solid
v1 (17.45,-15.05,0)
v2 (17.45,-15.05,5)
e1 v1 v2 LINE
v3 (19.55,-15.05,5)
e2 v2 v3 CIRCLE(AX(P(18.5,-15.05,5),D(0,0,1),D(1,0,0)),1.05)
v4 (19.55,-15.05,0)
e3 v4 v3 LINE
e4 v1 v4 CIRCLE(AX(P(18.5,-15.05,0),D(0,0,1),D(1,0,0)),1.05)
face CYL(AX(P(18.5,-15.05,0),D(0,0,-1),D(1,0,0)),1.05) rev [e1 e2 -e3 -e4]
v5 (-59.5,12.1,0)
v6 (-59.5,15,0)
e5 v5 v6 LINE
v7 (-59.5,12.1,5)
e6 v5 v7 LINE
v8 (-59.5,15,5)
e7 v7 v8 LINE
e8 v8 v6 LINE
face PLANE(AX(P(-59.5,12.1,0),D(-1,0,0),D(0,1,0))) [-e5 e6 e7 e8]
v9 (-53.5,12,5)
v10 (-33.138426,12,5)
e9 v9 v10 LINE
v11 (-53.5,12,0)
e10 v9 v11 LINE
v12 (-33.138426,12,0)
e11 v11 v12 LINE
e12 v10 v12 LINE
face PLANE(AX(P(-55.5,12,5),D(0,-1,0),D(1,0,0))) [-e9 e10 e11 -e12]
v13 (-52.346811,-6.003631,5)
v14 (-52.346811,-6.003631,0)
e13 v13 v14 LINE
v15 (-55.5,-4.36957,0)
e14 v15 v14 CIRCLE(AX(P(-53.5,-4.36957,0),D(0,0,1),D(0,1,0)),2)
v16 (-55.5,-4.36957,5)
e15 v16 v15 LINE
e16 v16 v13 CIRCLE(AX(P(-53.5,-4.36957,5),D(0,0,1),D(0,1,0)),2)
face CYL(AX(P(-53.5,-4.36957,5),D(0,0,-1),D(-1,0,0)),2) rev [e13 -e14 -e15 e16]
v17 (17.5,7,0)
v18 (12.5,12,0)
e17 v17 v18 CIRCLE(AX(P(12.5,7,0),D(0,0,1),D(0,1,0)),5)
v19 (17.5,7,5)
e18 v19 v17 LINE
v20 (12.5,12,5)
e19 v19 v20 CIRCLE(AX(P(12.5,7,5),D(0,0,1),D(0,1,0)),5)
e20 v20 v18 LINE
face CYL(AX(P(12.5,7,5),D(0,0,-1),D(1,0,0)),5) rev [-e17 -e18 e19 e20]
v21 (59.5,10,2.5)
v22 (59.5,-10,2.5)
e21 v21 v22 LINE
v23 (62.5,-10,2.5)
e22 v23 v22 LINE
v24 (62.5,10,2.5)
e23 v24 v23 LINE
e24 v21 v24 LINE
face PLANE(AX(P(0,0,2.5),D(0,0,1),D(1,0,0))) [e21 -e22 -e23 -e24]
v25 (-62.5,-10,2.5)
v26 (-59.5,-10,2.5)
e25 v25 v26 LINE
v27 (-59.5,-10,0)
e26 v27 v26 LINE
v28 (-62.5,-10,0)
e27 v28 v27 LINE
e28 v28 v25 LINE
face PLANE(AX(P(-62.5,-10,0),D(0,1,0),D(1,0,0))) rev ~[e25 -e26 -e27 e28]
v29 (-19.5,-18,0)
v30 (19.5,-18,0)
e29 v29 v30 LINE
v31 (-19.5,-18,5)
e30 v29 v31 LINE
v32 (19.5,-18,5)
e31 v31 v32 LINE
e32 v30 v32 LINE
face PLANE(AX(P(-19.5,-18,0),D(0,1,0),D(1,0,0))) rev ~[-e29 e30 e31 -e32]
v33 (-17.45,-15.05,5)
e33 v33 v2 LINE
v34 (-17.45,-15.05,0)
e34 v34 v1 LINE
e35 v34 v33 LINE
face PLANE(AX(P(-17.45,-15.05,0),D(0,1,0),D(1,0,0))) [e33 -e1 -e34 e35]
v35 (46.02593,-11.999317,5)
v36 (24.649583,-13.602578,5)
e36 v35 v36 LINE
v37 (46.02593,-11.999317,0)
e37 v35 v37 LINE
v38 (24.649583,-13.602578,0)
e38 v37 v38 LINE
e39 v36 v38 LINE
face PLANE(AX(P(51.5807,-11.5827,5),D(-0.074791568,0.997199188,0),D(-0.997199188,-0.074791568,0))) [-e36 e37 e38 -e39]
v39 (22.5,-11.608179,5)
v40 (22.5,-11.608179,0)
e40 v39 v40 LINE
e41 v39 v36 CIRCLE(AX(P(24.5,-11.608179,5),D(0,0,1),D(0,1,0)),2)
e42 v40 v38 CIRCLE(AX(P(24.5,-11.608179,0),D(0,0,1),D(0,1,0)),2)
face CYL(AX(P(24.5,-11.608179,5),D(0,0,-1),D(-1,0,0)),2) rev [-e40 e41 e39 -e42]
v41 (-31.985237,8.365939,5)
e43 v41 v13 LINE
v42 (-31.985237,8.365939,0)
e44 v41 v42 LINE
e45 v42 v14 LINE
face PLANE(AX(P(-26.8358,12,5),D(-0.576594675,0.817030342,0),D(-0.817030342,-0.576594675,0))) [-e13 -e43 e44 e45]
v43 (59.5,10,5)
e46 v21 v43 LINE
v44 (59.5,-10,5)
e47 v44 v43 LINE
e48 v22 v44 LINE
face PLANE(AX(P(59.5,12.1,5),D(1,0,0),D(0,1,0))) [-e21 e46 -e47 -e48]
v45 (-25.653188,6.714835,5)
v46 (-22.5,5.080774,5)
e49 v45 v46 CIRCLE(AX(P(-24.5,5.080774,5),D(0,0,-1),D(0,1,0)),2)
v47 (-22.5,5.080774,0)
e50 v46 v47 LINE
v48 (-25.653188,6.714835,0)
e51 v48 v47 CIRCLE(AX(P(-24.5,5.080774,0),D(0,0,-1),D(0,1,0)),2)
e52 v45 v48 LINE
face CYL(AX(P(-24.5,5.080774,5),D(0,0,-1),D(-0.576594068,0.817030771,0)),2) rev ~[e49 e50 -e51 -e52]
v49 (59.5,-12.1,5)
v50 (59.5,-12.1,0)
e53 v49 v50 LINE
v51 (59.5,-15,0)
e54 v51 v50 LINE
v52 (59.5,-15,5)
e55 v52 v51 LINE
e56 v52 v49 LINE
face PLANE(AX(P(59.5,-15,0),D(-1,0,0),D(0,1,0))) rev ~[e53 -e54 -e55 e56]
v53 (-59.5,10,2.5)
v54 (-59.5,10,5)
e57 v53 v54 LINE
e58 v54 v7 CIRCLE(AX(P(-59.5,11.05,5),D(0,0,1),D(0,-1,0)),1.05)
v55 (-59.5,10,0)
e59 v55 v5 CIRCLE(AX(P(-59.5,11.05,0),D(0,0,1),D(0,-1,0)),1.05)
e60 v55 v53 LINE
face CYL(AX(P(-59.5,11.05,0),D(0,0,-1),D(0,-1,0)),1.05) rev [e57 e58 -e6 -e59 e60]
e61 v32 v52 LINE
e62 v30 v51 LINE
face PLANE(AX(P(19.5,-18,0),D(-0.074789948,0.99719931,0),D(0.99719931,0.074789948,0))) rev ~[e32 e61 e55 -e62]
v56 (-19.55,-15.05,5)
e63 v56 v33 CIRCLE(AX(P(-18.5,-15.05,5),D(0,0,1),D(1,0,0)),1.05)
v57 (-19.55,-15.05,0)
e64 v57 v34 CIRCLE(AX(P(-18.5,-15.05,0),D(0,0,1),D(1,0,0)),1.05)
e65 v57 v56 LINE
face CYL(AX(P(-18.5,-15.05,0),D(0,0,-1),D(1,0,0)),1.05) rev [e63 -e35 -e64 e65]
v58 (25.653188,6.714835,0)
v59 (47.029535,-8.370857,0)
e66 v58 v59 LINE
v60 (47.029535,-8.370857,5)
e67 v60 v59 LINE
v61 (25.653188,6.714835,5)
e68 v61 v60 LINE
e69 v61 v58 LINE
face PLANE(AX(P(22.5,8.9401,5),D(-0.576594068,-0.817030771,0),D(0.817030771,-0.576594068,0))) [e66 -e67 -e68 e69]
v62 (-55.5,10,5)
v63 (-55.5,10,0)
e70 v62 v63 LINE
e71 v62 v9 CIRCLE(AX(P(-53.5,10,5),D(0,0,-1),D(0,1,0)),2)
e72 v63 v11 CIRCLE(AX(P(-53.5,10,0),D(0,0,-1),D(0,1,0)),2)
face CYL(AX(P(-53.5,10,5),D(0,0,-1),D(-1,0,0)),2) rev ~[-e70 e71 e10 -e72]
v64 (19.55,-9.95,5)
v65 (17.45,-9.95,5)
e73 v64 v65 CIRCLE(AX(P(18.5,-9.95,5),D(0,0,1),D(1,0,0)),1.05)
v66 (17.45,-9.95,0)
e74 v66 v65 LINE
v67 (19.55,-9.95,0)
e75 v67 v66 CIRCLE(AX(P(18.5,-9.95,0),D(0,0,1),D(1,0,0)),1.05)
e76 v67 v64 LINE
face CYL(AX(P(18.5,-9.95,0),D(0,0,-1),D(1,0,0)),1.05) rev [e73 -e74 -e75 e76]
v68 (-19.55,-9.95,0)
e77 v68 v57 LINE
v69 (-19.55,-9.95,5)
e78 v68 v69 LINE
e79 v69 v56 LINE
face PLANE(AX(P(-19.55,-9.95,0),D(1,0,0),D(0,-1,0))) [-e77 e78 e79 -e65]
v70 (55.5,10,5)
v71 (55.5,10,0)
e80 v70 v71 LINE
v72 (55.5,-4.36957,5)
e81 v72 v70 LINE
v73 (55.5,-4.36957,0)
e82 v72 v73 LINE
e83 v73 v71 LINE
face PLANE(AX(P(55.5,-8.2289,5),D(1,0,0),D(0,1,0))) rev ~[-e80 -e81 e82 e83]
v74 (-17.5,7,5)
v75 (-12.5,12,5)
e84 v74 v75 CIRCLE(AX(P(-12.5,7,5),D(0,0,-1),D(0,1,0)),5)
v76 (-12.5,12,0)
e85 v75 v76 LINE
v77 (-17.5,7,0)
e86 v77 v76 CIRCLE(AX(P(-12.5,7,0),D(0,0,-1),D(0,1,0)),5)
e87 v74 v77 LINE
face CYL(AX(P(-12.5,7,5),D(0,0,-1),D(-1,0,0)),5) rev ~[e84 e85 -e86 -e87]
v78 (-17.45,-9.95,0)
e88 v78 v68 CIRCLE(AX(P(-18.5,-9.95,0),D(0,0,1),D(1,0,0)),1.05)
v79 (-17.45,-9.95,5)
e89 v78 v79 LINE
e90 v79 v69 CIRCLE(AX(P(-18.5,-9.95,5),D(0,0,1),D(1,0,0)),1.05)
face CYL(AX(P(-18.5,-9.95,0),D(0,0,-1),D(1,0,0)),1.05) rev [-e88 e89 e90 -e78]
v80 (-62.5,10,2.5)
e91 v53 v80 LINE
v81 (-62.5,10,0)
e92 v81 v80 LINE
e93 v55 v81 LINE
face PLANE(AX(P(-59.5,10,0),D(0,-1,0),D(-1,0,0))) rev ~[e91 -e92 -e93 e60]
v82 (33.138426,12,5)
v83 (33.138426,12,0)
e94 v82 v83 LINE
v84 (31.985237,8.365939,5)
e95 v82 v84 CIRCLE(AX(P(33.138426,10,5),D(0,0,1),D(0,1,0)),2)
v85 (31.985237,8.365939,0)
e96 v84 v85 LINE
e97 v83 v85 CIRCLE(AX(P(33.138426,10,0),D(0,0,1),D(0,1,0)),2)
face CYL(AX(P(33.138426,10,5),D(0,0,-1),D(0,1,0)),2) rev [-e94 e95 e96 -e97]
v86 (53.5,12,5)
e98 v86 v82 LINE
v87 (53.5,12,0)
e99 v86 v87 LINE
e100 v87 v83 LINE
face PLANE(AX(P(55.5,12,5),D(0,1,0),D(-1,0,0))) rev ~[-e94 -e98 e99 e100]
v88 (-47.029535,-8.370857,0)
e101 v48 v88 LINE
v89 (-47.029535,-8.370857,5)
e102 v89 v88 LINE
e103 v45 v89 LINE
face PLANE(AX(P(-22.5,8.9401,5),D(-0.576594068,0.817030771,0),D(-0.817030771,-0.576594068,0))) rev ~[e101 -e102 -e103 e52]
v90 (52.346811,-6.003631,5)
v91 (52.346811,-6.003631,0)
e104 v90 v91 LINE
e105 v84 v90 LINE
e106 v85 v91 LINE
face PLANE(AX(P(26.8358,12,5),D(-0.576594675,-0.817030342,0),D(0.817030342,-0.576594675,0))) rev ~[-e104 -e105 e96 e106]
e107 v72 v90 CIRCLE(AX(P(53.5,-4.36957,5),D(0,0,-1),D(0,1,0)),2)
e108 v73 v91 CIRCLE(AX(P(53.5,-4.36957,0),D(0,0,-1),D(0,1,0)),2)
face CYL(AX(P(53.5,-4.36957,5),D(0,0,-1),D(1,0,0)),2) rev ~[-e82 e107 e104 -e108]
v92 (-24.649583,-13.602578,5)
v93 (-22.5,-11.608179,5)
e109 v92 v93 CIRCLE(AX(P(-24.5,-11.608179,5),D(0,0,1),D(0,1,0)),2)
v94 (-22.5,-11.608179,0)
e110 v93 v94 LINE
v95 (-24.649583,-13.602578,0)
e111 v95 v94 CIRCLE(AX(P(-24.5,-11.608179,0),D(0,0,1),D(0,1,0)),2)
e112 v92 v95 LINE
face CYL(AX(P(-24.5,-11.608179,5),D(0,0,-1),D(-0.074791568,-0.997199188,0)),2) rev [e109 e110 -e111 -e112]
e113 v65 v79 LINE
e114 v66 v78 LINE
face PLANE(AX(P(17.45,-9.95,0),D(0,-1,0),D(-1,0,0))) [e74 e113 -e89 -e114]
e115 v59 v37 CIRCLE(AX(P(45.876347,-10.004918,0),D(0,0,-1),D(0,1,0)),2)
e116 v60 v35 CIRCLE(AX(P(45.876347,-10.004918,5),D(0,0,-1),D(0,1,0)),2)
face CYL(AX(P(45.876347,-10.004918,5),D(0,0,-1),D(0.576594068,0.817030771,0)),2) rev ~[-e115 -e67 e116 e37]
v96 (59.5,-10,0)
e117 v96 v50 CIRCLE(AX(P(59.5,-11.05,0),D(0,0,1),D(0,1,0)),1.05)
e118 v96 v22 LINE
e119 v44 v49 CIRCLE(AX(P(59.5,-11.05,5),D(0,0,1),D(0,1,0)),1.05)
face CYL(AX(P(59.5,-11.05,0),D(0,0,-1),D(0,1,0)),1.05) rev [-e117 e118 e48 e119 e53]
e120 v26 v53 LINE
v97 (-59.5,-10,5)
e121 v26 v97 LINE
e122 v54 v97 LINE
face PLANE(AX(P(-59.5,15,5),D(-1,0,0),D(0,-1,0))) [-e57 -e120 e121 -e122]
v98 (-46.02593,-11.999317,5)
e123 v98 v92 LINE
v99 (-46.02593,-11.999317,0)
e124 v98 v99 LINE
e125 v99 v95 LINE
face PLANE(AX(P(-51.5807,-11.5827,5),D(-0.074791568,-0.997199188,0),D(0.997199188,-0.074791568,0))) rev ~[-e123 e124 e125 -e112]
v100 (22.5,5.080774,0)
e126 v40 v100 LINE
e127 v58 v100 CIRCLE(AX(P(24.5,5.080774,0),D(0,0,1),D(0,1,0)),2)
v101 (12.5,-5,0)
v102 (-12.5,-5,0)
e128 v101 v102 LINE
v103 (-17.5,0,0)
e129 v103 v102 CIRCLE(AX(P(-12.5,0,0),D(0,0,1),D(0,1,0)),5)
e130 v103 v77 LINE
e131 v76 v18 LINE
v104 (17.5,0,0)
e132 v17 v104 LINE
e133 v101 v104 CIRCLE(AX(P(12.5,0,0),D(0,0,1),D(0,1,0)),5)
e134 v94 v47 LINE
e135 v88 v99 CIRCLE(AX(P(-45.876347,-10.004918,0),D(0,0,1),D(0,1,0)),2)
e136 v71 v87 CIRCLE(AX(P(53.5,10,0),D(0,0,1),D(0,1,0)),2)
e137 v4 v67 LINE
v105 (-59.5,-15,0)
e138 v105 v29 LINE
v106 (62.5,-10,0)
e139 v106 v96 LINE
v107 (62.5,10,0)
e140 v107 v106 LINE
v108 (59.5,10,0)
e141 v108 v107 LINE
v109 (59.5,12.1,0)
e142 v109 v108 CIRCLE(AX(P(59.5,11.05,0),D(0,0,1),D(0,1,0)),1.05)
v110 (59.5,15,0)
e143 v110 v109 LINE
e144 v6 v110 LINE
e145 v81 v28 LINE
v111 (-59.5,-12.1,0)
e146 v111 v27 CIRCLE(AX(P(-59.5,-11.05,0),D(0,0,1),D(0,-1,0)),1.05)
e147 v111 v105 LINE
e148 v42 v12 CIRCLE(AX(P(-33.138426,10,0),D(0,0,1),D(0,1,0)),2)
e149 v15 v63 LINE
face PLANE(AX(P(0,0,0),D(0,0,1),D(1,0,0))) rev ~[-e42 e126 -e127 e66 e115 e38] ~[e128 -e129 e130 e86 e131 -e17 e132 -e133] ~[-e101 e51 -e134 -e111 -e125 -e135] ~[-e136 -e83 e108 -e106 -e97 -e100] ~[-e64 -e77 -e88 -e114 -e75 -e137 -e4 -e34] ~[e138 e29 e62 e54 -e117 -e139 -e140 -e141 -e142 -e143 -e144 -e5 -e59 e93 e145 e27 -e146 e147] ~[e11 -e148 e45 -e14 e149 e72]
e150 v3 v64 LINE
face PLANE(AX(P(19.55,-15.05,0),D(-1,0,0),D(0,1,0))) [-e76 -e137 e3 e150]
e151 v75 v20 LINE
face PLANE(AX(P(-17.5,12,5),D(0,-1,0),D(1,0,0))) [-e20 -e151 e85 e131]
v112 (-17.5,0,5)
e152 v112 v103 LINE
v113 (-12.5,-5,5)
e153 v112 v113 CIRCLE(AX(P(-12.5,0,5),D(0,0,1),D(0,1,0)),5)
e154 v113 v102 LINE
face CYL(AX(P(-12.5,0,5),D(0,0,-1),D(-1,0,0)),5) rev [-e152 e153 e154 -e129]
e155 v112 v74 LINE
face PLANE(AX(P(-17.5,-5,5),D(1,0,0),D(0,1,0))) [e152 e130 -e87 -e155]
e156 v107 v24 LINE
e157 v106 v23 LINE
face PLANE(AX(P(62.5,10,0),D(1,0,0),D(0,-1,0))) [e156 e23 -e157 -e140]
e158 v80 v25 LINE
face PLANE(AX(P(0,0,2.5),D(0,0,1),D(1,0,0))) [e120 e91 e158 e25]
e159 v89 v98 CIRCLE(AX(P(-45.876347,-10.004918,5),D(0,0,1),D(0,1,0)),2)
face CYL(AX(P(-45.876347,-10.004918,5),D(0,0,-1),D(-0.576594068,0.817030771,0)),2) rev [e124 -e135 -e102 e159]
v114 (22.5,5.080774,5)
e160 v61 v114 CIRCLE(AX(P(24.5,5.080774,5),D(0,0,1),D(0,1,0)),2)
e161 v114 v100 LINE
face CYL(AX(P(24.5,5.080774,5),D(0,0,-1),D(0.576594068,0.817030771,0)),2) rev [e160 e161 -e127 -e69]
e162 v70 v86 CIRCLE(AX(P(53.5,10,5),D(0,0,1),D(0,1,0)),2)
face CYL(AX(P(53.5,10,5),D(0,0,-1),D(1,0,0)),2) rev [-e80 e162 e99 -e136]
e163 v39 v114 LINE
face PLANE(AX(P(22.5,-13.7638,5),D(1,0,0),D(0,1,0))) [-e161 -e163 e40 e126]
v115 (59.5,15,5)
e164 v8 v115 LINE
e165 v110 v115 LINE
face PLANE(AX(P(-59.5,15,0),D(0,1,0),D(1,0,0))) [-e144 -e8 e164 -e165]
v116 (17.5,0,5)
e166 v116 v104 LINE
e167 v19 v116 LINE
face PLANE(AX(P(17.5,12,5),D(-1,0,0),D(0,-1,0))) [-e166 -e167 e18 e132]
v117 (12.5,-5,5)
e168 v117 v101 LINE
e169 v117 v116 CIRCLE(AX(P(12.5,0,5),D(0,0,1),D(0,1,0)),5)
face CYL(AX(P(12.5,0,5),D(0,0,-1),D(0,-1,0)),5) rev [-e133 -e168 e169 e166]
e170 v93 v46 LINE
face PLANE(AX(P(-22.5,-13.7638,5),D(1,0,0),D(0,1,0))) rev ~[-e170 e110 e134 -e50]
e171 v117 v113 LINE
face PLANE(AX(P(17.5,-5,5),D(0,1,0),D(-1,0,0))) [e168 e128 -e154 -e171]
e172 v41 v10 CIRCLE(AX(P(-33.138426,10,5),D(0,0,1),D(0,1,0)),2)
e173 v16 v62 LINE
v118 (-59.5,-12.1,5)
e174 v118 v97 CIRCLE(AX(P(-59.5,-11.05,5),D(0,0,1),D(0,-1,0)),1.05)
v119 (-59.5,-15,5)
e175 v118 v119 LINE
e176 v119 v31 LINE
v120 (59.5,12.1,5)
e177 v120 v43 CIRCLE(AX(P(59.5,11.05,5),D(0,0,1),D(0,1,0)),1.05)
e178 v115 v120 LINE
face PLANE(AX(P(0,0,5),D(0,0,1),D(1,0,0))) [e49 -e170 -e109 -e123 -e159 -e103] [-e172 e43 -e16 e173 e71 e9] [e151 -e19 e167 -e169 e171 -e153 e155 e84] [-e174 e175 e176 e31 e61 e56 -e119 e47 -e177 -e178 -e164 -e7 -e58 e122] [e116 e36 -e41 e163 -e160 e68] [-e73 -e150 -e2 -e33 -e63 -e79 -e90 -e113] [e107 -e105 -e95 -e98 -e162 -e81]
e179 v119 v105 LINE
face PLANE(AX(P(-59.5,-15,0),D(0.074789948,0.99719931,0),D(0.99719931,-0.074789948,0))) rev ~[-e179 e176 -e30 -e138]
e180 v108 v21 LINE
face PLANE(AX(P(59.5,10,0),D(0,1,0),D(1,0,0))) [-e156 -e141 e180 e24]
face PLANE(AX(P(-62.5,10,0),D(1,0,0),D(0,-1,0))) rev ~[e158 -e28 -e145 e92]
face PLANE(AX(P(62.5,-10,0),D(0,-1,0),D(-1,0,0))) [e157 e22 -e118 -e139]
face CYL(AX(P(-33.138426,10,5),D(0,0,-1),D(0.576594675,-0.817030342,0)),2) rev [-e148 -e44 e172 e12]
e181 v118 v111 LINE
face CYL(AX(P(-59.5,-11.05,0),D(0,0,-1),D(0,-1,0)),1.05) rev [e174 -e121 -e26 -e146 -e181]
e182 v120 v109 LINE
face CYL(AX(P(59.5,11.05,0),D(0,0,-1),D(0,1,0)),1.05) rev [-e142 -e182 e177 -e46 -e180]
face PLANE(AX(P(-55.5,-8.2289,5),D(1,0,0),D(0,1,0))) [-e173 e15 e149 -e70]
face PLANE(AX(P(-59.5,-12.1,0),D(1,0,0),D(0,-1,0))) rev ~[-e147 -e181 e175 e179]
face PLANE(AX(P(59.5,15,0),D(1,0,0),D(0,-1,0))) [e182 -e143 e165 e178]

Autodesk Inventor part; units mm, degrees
ref_plane "YZ Plane" through (0, 0, 0) normal (1, 0, 0) x (0, 1, 0)
ref_plane "XZ Plane" through (0, 0, 0) normal (0, 1, 0) x (-1, 0, 0)
ref_plane "XY Plane" through (0, 0, 0) normal (0, 0, 1) x (1, 0, 0)
sketch "スケッチ1" plane through (0, 0, 0) normal (0, 0, 1) x (1, 0, 0)
  line L0 (-59.5, -15) -> (59.5, -15) construction
  line L1 (59.5, -15) -> (59.5, 15) construction
  line L2 (59.5, 15) -> (-59.5, 15) construction
  line L3 (-59.5, 15) -> (-59.5, -15) construction
  line L4 (-59.5, -15) -> (59.5, 15) construction
  line L5 (59.5, -15) -> (-59.5, 15) construction
  line L6 (-59.5, 12.1) -> (-59.5, 15)
  line L7 (-59.5, 15) -> (59.5, 15)
  line L8 (59.5, 15) -> (59.5, 12.1)
  line L9 (-59.5, -12.1) -> (-59.5, -15)
  line L10 (59.5, -15) -> (59.5, -12.1)
  line L11 (-59.5, 10) -> (-62.5, 10)
  line L12 (-62.5, 10) -> (-62.5, -10)
  line L13 (-62.5, -10) -> (-59.5, -10)
  arc A0 (-59.5, 10) -> (-59.5, 12.1) centre (-59.5, 11.05) ccw
  line L14 (0, 0) -> (0, 15) construction
  line L15 (0, 0) -> (-59.5, 0) construction
  arc A1 (-59.5, -12.1) -> (-59.5, -10) centre (-59.5, -11.05) ccw
  line L16 (59.5, 10) -> (62.5, 10)
  line L17 (62.5, 10) -> (62.5, -10)
  line L18 (62.5, -10) -> (59.5, -10)
  arc A2 (59.5, 12.1) -> (59.5, 10) centre (59.5, 11.05) ccw
  arc A3 (59.5, -10) -> (59.5, -12.1) centre (59.5, -11.05) ccw
  line L19 (-59.5, -15) -> (-19.5, -18)
  line L20 (-19.5, -18) -> (19.5, -18)
  line L21 (19.5, -18) -> (59.5, -15)
  line L22 (-19.5, -10) -> (19.5, -10) construction
  line L23 (19.5, -10) -> (19.5, -15) construction
  line L24 (19.5, -15) -> (-19.5, -15) construction
  line L25 (-19.5, -15) -> (-19.5, -10) construction
  line L26 (19.55, -9.95) -> (-19.55, -9.95)
  line L27 (-19.55, -9.95) -> (-19.55, -15.05)
  line L28 (-19.55, -15.05) -> (19.55, -15.05)
  line L29 (19.55, -15.05) -> (19.55, -9.95)
  circle A4 centre (-18.5, -9.95) radius 1.05
  circle A5 centre (-18.5, -15.05) radius 1.05
  circle A6 centre (18.5, -9.95) radius 1.05
  circle A7 centre (18.5, -15.05) radius 1.05
  dimension "d9" = 2.1
  dimension "d0" = 119
  dimension "d1" = 30
  dimension "d2" = 1.05
  dimension "d3" = 20
  dimension "d4" = 3
  dimension "d5" = 5
  dimension "d6" = 0.05
  dimension "d7" = 39
  dimension "d8" = 3
extrude "押し出し1" add sketch "スケッチ1" along normal blind 5
sketch "スケッチ2" plane through (0, 0, 5) normal (0, 0, 1) x (1, 0, 0)
  line L0 (59.5, 12.1) -> (59.5, 15) projected
  line L1 (-59.5, 15) -> (-59.5, 12.1) projected
  line L2 (65.6261, 13.972) -> (59.5, 13.972)
  line L3 (59.5, 13.972) -> (59.5, -16.1)
  line L4 (59.5, -16.1) -> (65.6261, -16.1)
  line L5 (65.6261, -16.1) -> (65.6261, 13.972)
  line L6 (-65.8886, -16.1) -> (-59.5, -16.1)
  line L7 (-59.5, -16.1) -> (-59.5, 18.3327)
  line L8 (-59.5, 18.3327) -> (-65.8886, 18.3327)
  line L9 (-65.8886, 18.3327) -> (-65.8886, -16.1)
  point P0 (0, 0)
extrude "押し出し2" cut sketch "スケッチ2" against normal blind 2.5
sketch "スケッチ8" plane through (0, 0, 5) normal (0, 0, 1) x (1, 0, 0)
  line L0 (59.5, 15) -> (-59.5, 15) projected
  line L1 (-59.5, 10) -> (-59.5, -10) projected
  line L2 (-59.5, -15) -> (-19.5, -18) projected
  line L3 (17.45, -15.05) -> (-17.45, -15.05) projected
  arc A0 (-19.55, -15.05) -> (-17.45, -15.05) centre (-18.5, -15.05) ccw projected
  line L4 (-19.55, -15.05) -> (-19.55, -9.95) projected
  arc A1 (-17.45, -9.95) -> (-19.55, -9.95) centre (-18.5, -9.95) ccw projected
  line L5 (-17.45, -9.95) -> (17.45, -9.95) projected
  arc A2 (19.55, -9.95) -> (17.45, -9.95) centre (18.5, -9.95) ccw projected
  line L6 (19.55, -9.95) -> (19.55, -15.05) projected
  arc A3 (17.45, -15.05) -> (19.55, -15.05) centre (18.5, -15.05) ccw projected
  line L7 (-55.5, 12) -> (-22.5, 12) construction
  line L8 (-22.5, 12) -> (-22.5, -13.7638) construction
  line L9 (-22.5, -13.7638) -> (-55.5, -11.2888) construction
  line L10 (-55.5, -11.2888) -> (-55.5, 12) construction
  line L11 (17.5013, -10) -> (-17.5013, -10) construction
  arc A4 (-17.5013, -10) -> (-19.5, -9.95) centre (-18.5, -9.95) ccw construction
  line L12 (-19.5, -9.95) -> (-19.5, -15.05) construction
  arc A5 (-19.5, -15.05) -> (-17.5013, -15) centre (-18.5, -15.05) ccw construction
  line L13 (-17.5013, -15) -> (17.5013, -15) construction
  arc A6 (17.5013, -15) -> (19.5, -15.05) centre (18.5, -15.05) ccw construction
  line L14 (19.5, -15.05) -> (19.5, -9.95) construction
  arc A7 (19.5, -9.95) -> (17.5013, -10) centre (18.5, -9.95) ccw construction
  line L15 (-17.5, 12) -> (17.5, 12)
  line L16 (17.5, 12) -> (17.5, -5)
  line L17 (17.5, -5) -> (-17.5, -5)
  line L18 (-17.5, -5) -> (-17.5, 12)
  line L19 (0, 0) -> (0, 15) construction
  line L20 (-22.5, 12) -> (-55.5, -11.2888) construction
  line L21 (-55.5, 12) -> (-26.8358, 12)
  line L22 (-26.8358, 12) -> (-55.5, -8.2289)
  line L23 (-55.5, -8.2289) -> (-55.5, 12)
  line L24 (-51.5807, -11.5827) -> (-22.5, -13.7638)
  line L25 (-22.5, -13.7638) -> (-22.5, 8.9401)
  line L26 (-22.5, 8.9401) -> (-51.5807, -11.5827)
  line L27 (55.5, 12) -> (22.5, 12) construction
  line L28 (22.5, 12) -> (22.5, -13.7638) construction
  line L29 (22.5, -13.7638) -> (55.5, -11.2888) construction
  line L30 (55.5, -11.2888) -> (55.5, 12) construction
  line L31 (22.5, 12) -> (55.5, -11.2888) construction
  line L32 (55.5, 12) -> (26.8358, 12)
  line L33 (26.8358, 12) -> (55.5, -8.2289)
  line L34 (55.5, -8.2289) -> (55.5, 12)
  line L35 (51.5807, -11.5827) -> (22.5, -13.7638)
  line L36 (22.5, -13.7638) -> (22.5, 8.9401)
  line L37 (22.5, 8.9401) -> (51.5807, -11.5827)
  dimension "d51" = 4
  dimension "d52" = 3
  dimension "d53" = 0.05
  dimension "d54" = 3
  dimension "d55" = 4
  dimension "d56" = 5
  dimension "d57" = 5
  dimension "d58" = 5
extrude "押し出し6" cut sketch "スケッチ8" against normal blind 10 contours L15 L16 L17 L18 | L21 L22 L23 | L26 L25 L24 | L34 L33 L32 | L35 L36 L37
fillet "フィレット4" radius 2 12 edges at (-55.5, 12, 2.5) (-55.5, -8.2289, 2.5) (-26.8358, 12, 2.5) (-22.5, 8.9401, 2.5) (-51.5807, -11.5827, 2.5) (-22.5, -13.7638, 2.5) (22.5, 8.9401, 2.5) (26.8358, 12, 2.5) (55.5, -8.2289, 2.5) (55.5, 12, 2.5) (22.5, -13.7638, 2.5) (51.5807, -11.5827, 2.5)
fillet "フィレット4" radius 5 4 edges at (-17.5, -5, 2.5) (-17.5, 12, 2.5) (17.5, 12, 2.5) (17.5, -5, 2.5)
properties part number "コックピット_サブフレーム_1_6" material "アセタール樹脂、黒"
